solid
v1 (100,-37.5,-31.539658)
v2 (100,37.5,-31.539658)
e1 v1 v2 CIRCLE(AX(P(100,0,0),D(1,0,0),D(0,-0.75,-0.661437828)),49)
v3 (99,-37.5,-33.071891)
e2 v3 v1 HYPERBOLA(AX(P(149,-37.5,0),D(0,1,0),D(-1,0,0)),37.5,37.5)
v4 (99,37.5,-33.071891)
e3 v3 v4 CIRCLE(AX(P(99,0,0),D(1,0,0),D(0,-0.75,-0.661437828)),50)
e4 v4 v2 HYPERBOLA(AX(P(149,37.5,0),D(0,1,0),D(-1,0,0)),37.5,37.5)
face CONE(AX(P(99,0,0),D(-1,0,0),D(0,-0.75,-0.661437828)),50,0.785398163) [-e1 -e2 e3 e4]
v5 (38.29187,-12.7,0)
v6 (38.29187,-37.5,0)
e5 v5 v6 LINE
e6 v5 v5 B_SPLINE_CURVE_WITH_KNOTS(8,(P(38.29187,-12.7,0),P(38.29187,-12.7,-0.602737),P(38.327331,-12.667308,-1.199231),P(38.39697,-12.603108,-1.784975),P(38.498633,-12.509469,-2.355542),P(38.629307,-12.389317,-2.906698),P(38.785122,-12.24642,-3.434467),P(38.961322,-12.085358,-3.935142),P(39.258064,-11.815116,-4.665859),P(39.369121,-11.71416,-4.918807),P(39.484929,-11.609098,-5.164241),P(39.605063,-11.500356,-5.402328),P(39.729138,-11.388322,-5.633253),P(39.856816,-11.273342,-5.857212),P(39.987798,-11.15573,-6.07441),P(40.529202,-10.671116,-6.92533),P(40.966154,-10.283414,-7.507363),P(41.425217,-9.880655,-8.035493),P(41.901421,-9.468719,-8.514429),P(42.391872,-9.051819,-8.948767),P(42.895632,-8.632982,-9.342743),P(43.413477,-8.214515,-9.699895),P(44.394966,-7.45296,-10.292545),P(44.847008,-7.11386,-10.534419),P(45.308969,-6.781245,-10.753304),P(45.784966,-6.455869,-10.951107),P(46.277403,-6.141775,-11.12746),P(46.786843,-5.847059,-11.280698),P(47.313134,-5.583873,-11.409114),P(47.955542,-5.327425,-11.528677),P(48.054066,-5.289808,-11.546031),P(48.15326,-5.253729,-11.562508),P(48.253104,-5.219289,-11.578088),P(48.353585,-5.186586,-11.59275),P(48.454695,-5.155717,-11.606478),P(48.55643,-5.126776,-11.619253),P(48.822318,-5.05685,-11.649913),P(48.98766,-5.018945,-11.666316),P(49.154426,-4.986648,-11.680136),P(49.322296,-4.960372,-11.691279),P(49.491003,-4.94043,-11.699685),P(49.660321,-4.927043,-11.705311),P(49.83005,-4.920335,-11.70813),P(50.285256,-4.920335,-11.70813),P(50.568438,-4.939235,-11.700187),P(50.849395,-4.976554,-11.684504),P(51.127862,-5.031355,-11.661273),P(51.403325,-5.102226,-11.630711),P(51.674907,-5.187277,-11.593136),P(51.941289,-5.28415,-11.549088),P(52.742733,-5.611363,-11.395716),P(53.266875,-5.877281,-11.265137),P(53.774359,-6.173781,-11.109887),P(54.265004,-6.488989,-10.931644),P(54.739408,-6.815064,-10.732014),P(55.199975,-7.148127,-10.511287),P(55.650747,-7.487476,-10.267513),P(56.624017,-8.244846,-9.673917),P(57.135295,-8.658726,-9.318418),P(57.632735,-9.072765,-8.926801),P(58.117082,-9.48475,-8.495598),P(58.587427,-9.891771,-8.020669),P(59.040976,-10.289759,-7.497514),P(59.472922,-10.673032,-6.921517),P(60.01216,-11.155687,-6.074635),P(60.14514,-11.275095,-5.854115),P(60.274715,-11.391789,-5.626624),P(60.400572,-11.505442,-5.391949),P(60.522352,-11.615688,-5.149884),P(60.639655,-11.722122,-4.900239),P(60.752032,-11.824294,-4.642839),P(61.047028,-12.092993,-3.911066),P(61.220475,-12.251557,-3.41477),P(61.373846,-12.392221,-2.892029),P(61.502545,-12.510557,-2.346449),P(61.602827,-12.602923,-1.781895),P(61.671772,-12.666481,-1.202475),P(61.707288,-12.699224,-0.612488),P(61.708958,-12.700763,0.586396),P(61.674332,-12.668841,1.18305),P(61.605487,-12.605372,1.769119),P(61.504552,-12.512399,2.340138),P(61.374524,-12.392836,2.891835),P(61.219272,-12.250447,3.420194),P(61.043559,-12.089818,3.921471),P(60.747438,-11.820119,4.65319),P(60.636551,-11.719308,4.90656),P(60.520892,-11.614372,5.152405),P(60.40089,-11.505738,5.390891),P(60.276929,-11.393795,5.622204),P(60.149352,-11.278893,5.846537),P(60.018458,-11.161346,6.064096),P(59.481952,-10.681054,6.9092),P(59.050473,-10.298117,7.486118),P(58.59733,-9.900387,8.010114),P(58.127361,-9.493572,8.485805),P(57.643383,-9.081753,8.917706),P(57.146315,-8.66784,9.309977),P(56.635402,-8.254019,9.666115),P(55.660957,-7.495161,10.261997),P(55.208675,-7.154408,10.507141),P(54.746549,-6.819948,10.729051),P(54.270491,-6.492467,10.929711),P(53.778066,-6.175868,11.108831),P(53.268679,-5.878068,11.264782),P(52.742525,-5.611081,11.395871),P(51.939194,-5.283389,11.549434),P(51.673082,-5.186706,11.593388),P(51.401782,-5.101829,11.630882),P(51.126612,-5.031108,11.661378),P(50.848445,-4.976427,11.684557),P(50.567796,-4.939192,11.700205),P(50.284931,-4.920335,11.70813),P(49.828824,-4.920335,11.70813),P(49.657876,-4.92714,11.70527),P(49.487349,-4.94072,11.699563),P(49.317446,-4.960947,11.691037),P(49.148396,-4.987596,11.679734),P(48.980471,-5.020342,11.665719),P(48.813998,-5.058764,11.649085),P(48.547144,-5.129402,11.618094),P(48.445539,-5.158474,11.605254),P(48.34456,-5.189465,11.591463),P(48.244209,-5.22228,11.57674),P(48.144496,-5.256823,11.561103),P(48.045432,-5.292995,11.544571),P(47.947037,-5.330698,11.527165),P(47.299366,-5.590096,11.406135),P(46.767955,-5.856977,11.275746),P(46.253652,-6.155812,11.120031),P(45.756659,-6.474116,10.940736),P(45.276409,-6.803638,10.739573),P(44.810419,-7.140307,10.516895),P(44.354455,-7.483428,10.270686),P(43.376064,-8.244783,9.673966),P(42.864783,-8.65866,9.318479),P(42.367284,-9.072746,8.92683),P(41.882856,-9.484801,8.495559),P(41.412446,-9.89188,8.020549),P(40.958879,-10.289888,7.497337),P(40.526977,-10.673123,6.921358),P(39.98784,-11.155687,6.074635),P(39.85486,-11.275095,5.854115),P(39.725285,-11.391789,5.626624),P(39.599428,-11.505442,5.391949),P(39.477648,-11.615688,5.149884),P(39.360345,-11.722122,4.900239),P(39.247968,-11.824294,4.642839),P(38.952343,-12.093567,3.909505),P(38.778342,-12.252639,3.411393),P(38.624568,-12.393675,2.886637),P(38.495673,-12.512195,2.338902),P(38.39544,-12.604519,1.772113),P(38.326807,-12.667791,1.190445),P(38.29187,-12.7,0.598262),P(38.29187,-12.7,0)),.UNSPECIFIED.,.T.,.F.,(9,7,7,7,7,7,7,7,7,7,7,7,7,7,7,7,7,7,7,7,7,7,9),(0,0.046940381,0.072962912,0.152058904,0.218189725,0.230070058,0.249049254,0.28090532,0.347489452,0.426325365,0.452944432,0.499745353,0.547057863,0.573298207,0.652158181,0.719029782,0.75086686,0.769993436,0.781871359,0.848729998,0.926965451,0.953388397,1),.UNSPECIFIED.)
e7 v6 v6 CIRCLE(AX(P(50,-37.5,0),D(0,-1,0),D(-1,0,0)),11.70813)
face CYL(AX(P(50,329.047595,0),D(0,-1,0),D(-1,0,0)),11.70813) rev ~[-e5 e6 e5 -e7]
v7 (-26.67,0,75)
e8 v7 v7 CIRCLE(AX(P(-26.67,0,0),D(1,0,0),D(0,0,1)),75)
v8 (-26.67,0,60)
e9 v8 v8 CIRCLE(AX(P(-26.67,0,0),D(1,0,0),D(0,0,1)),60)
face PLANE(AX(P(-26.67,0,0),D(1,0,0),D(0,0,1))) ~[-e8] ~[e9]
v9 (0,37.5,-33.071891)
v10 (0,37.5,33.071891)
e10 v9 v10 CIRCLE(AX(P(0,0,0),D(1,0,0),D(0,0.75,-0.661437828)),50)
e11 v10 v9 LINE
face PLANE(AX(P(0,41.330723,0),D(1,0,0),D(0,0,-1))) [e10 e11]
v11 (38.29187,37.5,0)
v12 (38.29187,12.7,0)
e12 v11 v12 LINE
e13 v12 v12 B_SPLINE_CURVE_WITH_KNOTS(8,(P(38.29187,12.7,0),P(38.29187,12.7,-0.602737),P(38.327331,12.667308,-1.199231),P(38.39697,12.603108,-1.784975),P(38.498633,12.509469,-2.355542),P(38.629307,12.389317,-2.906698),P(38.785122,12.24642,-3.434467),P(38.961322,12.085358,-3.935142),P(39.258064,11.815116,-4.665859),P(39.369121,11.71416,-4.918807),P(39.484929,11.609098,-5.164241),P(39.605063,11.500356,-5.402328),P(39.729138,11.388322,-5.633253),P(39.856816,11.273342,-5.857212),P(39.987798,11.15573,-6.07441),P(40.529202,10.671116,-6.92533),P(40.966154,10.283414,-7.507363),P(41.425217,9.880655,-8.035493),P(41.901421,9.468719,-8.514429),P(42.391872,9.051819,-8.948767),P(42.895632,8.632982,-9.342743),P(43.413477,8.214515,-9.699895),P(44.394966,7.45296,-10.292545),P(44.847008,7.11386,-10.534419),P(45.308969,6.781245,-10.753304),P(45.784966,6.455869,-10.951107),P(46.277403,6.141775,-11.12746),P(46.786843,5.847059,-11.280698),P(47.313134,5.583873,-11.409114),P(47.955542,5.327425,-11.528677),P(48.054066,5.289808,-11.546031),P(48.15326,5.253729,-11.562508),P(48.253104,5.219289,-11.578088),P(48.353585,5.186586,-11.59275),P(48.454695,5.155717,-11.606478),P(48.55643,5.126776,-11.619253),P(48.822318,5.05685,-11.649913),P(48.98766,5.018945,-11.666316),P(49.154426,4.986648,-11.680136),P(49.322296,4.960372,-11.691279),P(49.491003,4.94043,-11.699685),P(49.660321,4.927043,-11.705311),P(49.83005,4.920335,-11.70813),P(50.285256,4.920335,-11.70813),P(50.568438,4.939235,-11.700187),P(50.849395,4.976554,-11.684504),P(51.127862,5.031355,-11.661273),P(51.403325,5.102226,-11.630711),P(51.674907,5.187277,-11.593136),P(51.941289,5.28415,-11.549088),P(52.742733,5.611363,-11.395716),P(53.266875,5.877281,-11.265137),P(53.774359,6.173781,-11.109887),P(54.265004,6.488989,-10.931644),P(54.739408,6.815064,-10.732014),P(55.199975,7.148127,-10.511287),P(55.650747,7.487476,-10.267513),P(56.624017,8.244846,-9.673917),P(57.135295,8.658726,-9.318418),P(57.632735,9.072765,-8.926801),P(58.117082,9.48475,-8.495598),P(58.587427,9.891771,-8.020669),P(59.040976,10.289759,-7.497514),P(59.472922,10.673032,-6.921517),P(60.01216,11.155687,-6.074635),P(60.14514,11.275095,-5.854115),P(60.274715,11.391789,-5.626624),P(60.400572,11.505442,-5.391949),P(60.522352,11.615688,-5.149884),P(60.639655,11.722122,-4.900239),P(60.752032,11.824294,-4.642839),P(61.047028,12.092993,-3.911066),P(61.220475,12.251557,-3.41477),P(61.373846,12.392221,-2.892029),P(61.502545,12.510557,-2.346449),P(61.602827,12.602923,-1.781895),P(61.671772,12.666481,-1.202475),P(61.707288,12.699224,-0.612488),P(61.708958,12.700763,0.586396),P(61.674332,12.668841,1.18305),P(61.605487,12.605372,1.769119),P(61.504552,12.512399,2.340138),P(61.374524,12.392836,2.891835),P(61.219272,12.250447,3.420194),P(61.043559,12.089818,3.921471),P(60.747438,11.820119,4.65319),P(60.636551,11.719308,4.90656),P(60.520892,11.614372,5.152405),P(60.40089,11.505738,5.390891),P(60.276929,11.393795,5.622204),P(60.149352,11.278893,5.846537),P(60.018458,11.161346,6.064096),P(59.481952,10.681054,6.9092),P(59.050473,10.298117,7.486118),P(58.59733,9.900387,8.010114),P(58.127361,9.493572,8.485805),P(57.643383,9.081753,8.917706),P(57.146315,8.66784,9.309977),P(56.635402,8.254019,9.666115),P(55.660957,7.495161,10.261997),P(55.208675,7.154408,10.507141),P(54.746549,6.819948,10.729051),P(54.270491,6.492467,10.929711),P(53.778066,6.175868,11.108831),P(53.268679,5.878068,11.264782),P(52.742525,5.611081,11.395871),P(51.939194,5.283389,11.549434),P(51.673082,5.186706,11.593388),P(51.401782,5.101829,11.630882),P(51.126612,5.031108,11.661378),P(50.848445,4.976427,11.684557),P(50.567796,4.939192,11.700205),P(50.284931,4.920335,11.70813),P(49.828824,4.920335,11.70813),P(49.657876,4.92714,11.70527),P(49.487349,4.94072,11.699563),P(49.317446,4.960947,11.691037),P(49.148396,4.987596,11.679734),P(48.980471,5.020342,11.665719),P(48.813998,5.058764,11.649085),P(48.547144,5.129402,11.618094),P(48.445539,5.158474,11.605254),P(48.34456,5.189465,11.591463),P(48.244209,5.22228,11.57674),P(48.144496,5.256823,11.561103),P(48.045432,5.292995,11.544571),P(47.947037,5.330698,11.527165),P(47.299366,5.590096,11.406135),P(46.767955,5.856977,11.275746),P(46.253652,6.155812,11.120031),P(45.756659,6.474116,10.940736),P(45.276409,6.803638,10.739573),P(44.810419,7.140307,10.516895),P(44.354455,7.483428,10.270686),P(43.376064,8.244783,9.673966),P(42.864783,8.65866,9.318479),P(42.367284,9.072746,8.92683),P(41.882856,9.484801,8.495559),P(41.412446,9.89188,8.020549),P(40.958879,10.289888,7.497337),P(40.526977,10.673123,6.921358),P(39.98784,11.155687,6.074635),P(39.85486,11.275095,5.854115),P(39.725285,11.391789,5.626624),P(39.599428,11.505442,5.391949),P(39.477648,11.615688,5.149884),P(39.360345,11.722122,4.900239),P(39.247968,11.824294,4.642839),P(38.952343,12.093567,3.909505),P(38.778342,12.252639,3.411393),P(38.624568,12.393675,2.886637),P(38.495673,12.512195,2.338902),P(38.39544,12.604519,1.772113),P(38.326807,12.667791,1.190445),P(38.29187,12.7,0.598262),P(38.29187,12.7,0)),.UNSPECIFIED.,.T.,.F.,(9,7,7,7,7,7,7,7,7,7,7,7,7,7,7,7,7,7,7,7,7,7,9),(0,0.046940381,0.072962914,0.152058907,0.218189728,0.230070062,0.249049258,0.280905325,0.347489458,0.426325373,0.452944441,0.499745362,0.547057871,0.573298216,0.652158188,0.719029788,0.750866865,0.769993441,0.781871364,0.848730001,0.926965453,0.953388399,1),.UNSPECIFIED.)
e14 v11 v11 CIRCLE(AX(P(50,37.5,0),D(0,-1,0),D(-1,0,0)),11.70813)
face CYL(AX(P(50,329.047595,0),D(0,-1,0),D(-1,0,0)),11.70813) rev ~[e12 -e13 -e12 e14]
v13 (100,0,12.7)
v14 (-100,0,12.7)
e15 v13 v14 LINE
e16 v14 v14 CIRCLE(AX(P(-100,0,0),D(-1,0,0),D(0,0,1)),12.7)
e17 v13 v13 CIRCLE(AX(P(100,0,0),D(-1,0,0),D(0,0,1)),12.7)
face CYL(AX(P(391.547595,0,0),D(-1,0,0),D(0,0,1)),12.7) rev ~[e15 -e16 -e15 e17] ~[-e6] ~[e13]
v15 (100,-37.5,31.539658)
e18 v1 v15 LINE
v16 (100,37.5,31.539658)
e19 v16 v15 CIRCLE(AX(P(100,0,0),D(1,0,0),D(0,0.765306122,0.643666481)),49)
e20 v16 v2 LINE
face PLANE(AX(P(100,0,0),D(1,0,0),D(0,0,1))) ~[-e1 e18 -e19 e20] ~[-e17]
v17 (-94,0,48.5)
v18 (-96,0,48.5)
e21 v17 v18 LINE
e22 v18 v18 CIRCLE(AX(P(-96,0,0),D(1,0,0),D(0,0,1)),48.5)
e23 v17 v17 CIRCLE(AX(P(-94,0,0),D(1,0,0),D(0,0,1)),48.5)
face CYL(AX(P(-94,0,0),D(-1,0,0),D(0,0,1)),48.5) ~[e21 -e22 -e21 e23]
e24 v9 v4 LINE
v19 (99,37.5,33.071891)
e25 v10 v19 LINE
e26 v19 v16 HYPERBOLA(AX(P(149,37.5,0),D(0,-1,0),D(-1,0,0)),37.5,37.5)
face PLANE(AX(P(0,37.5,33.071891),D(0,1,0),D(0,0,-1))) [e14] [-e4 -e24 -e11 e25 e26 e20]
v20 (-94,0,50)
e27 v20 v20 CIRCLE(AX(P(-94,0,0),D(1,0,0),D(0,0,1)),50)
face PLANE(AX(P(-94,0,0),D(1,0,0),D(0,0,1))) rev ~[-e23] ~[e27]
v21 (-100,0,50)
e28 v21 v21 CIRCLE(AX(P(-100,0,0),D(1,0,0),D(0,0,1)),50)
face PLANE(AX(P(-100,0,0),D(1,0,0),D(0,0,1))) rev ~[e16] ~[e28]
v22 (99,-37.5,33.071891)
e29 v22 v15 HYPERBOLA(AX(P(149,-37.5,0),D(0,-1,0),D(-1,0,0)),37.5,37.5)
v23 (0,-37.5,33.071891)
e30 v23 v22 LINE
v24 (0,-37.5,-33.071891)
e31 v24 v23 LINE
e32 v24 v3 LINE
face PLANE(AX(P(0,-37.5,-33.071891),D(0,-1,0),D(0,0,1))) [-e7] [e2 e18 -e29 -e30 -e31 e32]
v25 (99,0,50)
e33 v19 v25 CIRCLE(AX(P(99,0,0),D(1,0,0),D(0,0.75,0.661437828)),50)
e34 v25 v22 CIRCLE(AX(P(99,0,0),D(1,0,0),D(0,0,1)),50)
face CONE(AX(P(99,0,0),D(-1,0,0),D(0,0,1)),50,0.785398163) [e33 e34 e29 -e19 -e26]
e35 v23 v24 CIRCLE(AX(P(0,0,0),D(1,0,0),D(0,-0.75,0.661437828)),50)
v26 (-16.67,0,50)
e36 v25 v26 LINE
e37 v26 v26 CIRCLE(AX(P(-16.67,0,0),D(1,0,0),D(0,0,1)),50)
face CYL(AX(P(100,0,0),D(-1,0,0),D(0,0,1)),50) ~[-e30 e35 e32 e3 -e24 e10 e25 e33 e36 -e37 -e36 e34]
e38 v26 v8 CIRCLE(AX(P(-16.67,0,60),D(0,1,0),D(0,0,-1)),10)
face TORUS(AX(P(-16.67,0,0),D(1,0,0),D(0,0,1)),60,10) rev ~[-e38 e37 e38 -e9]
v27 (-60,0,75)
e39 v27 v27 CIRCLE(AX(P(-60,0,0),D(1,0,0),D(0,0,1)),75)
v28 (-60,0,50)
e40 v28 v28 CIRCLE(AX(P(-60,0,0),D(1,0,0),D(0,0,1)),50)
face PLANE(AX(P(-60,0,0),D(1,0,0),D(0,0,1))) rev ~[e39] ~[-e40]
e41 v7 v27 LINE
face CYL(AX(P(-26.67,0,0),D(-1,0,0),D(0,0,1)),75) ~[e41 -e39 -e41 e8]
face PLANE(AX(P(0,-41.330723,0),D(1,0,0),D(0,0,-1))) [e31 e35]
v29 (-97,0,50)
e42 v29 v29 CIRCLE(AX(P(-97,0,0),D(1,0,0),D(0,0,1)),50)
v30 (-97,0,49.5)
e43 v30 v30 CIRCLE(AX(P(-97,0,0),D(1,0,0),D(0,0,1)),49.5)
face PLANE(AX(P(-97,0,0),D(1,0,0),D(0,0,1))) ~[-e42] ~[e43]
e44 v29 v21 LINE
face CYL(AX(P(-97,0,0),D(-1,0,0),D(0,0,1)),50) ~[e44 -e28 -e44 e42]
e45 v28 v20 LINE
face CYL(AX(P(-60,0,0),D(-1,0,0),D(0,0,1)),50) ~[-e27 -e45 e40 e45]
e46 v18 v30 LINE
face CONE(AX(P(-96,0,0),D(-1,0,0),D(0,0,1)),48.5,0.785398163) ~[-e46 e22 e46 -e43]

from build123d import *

# Parameters (mm, degrees)
CUT_EXTRUDE1_START     = -100
CUT_EXTRUDE1_DEPTH     = 100
F_1_12_TAPPED_HOLE1_D  = 23.41626
F_1_1_DIAMETER_HOLE1_D = 25.4
CHAMFER1_SIZE          = 1


with BuildPart() as part:
    # Sketch2 one side → Revolve1 (revolve)
    with BuildSketch(Plane.XY, mode=Mode.PRIVATE) as revolve1_sk:
        with BuildLine():
            Line((-94, 50), (-94, 48.5))
            Line((-94, 48.5), (-97, 48.5))
            Line((-97, 48.5), (-97, 50))
            Line((-97, 50), (-100, 50))
            Line((-100, 50), (-100, 0))
            Line((-100, 0), (100, 0))
            Line((100, 0), (100, 50))
            Line((100, 50), (-16.67, 50))
            ThreePointArc((-16.67, 50), (-23.741067812, 52.928932188), (-26.67, 60))
            Line((-26.67, 60), (-26.67, 75))
            Line((-26.67, 75), (-60, 75))
            Line((-60, 75), (-60, 50))
            Line((-60, 50), (-94, 50))
        make_face()
    revolve(revolve1_sk.sketch.rotate(Axis((-100, 0, 0), (1, 0, 0)), 90), axis=Axis((-100, 0, 0), (1, 0, 0)))

    # Sketch3 → Cut-Extrude1 (cut)
    with BuildSketch(Plane(origin=(100, 0, 0), x_dir=(0, 0, -1), z_dir=(1, 0, 0)).offset(CUT_EXTRUDE1_START)):
        with BuildLine():
            ThreePointArc((33.071891388, 37.5), (0, 50), (-33.071891388, 37.5))
            Line((-33.071891388, 37.5), (33.071891388, 37.5))
        make_face()
        with BuildLine():
            Line((33.071891388, -37.5), (-33.071891388, -37.5))
            ThreePointArc((-33.071891388, -37.5), (0, -50), (33.071891388, -37.5))
        make_face()
    extrude(amount=CUT_EXTRUDE1_DEPTH, mode=Mode.SUBTRACT)

    # 1-12 Tapped Hole1 (through all)
    with Locations(Plane(origin=(0, 37.5, 0), x_dir=(1, 0, 0), z_dir=(0, 1, 0))):
        with Locations((50, 0)):
            Hole(F_1_12_TAPPED_HOLE1_D / 2)

    # 1 (1) Diameter Hole1 (through all)
    with Locations(Plane(origin=(100, 0, 0), x_dir=(0, 0, -1), z_dir=(1, 0, 0))):
        with Locations((0, 0)):
            Hole(F_1_1_DIAMETER_HOLE1_D / 2)

    # Chamfer1
    chamfer1_edges = [part.edges().sort_by_distance(p)[0] for p in [
        (-97, 0, -48.5),
        (100, 0, -50),
        (100, 20.571891388, 45.571891388),
    ]]
    chamfer(chamfer1_edges, length=CHAMFER1_SIZE)


solid = part.part
